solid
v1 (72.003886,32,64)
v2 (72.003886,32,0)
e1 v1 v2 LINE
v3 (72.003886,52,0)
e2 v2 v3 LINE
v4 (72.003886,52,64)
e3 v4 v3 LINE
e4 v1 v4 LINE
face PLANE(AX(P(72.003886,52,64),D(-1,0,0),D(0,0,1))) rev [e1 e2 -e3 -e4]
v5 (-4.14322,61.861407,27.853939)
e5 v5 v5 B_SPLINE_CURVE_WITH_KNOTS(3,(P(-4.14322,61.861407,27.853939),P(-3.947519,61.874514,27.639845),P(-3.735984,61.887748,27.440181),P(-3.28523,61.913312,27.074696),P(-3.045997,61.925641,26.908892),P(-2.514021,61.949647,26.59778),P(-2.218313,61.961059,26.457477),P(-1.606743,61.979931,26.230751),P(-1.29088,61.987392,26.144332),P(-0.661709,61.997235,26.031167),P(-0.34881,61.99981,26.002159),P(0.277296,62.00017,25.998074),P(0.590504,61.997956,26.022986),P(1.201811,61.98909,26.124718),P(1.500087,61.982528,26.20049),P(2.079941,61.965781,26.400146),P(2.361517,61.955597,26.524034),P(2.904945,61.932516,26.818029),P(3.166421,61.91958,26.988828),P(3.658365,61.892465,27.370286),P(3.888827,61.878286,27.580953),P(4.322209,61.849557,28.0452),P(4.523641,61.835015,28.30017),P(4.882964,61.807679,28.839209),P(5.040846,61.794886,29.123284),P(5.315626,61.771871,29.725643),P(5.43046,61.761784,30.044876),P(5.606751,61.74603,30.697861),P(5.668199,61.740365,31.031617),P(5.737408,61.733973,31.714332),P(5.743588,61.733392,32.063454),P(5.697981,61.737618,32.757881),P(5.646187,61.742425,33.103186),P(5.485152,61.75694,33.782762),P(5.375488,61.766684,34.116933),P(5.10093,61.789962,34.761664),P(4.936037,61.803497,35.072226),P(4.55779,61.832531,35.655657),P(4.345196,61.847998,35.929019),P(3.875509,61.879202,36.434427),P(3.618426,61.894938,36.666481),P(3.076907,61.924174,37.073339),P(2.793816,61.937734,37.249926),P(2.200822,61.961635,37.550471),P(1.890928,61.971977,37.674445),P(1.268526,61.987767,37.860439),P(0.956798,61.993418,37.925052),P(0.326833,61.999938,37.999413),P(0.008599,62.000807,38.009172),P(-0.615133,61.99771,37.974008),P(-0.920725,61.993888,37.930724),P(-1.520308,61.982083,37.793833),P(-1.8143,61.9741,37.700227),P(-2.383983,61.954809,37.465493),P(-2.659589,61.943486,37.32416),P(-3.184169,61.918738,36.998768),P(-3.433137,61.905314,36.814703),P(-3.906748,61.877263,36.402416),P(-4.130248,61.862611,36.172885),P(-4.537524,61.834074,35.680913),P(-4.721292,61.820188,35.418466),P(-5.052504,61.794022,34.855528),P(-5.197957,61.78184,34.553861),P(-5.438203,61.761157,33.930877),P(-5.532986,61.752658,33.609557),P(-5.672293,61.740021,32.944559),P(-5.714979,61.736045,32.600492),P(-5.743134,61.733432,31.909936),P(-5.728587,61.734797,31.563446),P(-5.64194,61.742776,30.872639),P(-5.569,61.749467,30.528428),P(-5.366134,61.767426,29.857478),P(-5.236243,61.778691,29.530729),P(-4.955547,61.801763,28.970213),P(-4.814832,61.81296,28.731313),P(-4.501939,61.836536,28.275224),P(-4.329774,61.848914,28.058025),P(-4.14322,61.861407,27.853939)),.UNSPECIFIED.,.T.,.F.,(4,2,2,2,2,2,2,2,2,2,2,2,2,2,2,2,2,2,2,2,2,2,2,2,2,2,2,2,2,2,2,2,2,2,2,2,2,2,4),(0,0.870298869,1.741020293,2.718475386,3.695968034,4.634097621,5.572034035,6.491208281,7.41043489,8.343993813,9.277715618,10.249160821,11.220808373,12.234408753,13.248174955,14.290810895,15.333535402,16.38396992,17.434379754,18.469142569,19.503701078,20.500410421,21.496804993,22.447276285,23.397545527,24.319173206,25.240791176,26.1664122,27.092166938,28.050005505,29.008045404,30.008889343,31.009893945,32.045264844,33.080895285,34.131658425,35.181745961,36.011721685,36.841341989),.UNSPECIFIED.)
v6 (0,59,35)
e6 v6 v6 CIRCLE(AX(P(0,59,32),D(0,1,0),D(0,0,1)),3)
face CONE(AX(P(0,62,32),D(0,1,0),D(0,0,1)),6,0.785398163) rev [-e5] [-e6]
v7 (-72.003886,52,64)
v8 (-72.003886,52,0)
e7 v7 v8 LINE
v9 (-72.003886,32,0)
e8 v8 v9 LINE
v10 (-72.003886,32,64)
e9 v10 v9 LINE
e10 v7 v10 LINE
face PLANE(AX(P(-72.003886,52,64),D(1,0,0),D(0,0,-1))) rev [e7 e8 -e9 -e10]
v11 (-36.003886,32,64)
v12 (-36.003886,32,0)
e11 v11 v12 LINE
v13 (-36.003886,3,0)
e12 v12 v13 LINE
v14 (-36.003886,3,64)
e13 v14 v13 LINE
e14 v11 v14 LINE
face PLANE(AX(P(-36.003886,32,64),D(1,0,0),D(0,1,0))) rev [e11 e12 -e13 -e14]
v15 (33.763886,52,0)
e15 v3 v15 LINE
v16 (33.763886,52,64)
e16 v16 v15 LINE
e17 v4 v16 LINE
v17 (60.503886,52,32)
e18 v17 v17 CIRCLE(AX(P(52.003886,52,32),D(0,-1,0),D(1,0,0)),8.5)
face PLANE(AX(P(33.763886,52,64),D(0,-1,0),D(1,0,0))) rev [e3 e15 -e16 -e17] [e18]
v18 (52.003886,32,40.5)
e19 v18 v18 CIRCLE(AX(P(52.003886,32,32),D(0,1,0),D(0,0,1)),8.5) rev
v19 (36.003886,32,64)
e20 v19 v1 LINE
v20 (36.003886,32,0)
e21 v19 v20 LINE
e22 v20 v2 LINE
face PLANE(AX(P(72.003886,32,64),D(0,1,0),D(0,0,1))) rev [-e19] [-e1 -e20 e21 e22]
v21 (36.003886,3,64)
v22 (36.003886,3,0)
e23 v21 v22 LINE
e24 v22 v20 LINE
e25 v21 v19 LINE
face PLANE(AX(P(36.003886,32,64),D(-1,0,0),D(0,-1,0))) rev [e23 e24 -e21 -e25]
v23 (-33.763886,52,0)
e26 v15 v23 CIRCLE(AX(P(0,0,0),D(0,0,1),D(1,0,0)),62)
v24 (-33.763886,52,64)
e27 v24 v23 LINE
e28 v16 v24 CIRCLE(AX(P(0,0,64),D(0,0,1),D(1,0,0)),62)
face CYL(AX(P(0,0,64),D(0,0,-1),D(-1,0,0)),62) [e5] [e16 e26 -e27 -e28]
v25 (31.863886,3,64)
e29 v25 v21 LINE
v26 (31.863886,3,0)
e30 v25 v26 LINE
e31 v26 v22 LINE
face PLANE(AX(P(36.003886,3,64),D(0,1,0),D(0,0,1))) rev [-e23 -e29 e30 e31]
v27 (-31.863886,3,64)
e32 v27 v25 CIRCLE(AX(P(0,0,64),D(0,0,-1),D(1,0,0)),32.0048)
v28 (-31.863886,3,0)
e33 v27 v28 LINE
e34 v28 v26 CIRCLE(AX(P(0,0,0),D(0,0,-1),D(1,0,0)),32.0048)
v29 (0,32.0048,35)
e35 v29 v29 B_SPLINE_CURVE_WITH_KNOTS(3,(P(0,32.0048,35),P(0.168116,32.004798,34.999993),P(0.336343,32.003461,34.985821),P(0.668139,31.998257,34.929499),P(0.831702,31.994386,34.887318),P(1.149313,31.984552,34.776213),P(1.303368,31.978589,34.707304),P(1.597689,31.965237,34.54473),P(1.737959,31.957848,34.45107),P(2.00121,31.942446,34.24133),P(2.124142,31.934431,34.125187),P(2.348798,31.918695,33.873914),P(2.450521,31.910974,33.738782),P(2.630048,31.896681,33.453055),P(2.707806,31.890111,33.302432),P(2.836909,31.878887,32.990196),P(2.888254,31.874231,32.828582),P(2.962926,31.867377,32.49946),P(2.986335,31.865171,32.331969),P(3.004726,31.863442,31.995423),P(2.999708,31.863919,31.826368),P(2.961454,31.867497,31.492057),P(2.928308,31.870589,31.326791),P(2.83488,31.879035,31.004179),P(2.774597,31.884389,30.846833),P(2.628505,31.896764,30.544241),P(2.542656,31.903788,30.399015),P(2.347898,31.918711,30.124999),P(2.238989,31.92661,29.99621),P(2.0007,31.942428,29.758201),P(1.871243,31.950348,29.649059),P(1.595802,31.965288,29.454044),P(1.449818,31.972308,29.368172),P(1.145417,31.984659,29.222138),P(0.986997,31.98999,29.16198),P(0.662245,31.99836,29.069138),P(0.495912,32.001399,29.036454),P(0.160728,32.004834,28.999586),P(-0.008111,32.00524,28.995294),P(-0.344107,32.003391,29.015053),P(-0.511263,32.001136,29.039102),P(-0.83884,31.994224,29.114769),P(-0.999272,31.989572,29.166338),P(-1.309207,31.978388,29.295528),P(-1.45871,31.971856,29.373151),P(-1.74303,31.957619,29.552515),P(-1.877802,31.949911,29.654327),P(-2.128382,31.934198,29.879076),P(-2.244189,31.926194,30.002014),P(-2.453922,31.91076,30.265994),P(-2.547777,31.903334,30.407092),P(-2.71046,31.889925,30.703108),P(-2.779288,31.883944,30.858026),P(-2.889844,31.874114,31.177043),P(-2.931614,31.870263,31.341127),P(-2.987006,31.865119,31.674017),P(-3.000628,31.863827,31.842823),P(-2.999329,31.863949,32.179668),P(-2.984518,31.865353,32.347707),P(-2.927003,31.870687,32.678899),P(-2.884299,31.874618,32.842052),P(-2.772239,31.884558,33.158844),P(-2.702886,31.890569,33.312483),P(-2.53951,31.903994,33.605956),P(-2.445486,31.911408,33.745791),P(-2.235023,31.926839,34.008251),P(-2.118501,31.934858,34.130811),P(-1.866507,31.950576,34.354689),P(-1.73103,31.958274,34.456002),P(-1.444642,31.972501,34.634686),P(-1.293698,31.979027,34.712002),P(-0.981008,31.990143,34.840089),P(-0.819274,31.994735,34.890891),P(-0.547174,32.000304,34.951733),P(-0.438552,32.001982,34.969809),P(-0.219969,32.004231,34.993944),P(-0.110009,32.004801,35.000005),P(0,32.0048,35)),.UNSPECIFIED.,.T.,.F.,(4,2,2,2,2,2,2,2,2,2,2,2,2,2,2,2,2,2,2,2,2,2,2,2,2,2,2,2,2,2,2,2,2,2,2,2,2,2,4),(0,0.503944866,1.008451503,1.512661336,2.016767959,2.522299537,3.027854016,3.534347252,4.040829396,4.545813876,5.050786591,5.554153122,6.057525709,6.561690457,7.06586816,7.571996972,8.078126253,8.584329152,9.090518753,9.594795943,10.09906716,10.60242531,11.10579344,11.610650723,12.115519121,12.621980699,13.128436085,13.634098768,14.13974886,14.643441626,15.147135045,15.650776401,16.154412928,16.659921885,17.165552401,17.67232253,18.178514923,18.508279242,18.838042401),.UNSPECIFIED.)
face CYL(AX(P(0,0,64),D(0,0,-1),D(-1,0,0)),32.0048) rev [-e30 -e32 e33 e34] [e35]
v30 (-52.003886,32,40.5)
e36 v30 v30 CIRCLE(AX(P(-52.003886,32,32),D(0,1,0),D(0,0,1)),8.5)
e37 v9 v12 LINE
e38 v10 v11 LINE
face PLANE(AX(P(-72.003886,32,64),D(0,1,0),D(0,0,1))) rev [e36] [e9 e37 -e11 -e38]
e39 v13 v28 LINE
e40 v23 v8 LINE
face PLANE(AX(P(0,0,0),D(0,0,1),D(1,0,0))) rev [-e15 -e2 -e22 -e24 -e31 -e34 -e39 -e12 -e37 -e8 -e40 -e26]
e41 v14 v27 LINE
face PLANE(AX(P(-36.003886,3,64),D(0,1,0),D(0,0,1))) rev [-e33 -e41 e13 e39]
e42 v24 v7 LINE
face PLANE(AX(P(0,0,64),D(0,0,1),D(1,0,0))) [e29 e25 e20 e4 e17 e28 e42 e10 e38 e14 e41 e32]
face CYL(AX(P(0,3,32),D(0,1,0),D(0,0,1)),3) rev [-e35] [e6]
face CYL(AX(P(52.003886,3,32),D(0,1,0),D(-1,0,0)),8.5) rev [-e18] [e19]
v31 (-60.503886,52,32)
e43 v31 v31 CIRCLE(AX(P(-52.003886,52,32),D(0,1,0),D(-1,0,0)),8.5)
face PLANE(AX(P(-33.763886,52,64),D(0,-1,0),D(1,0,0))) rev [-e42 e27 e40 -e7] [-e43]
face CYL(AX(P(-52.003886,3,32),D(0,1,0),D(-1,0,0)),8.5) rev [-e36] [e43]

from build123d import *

# Parameters (mm, degrees)
BOSS_EXTRUDE1_DEPTH = 64
SKETCH2_R           = 8.5
CUT_EXTRUDE1_DEPTH  = 109.081263889
SKETCH3_R           = 3
CUT_EXTRUDE2_DEPTH  = 113.967073095
SKETCH4_R           = 6
CUT_EXTRUDE3_DEPTH  = 3
CUT_EXTRUDE3_DRAFT  = -45


with BuildPart() as part:
    # Sketch1 → Boss-Extrude1 (new body)
    with BuildSketch(Plane.XY):
        with BuildLine():
            Line((-33.763886032, 52), (-72.003886032, 52))
            Line((-72.003886032, 52), (-72.003886032, 32))
            Line((-72.003886032, 32), (-36.003886032, 32))
            Line((-36.003886032, 32), (-36.003886032, 3))
            Line((-36.003886032, 3), (-31.863886032, 3))
            ThreePointArc((-31.863886032, 3), (0, 32.004800157), (31.863886032, 3))
            Line((31.863886032, 3), (36.003886032, 3))
            Line((36.003886032, 3), (36.003886032, 32))
            Line((36.003886032, 32), (72.003886032, 32))
            Line((72.003886032, 32), (72.003886032, 52))
            Line((72.003886032, 52), (33.763886032, 52))
            ThreePointArc((33.763886032, 52), (0, 62), (-33.763886032, 52))
        make_face()
    extrude(amount=BOSS_EXTRUDE1_DEPTH)

    # Sketch2 → Cut-Extrude1 (cut, through all)
    with BuildSketch(Plane(origin=(0, 52, 0), x_dir=(1, 0, 0), z_dir=(0, 1, 0))):
        with Locations(Location((-52.003886032, -32, 0), (0, 0, 180))):
            Circle(SKETCH2_R)
    cut_extrude1 = extrude(amount=-CUT_EXTRUDE1_DEPTH, mode=Mode.SUBTRACT)

    # Mirror1: Cut-Extrude1 across plane
    add(cut_extrude1.mirror(Plane(origin=(0, 0, 0), x_dir=(0, 0, 1), z_dir=(1, 0, 0))), mode=Mode.SUBTRACT)

    # Sketch3 → Cut-Extrude2 (cut, through all)
    with BuildSketch(Plane(origin=(0, 62, 0), x_dir=(1, 0, 0), z_dir=(0, 1, 0))):
        with Locations(Location((0, -32, 0), (0, 0, 270))):
            Circle(SKETCH3_R)
    extrude(amount=-CUT_EXTRUDE2_DEPTH, mode=Mode.SUBTRACT)


with BuildPart() as cut_extrude3_tool:
    # Sketch4 → Cut-Extrude3 (with draft: the straight prism first)
    with BuildSketch(Plane(origin=(0, 62, 0), x_dir=(1, 0, 0), z_dir=(0, 1, 0))):
        with Locations((0, -32)):
            Circle(SKETCH4_R)
    extrude(amount=-CUT_EXTRUDE3_DEPTH)
    # Cut-Extrude3: the draft: its side faces are tilted about the plane it starts from
    cut_extrude3_sides = [cut_extrude3_tool.faces().sort_by_distance(p)[0] for p in [
        (-6, 60.5, 32),
    ]]
    draft(cut_extrude3_sides, Plane(origin=(0, 62, 0), x_dir=(1, 0, 0), z_dir=(0, 1, 0)), CUT_EXTRUDE3_DRAFT)


with BuildPart() as part_1:
    add(part.part)

    # Cut-Extrude3: cut by cut_extrude3_tool
    add(cut_extrude3_tool.part, mode=Mode.SUBTRACT)


solid = part_1.part
